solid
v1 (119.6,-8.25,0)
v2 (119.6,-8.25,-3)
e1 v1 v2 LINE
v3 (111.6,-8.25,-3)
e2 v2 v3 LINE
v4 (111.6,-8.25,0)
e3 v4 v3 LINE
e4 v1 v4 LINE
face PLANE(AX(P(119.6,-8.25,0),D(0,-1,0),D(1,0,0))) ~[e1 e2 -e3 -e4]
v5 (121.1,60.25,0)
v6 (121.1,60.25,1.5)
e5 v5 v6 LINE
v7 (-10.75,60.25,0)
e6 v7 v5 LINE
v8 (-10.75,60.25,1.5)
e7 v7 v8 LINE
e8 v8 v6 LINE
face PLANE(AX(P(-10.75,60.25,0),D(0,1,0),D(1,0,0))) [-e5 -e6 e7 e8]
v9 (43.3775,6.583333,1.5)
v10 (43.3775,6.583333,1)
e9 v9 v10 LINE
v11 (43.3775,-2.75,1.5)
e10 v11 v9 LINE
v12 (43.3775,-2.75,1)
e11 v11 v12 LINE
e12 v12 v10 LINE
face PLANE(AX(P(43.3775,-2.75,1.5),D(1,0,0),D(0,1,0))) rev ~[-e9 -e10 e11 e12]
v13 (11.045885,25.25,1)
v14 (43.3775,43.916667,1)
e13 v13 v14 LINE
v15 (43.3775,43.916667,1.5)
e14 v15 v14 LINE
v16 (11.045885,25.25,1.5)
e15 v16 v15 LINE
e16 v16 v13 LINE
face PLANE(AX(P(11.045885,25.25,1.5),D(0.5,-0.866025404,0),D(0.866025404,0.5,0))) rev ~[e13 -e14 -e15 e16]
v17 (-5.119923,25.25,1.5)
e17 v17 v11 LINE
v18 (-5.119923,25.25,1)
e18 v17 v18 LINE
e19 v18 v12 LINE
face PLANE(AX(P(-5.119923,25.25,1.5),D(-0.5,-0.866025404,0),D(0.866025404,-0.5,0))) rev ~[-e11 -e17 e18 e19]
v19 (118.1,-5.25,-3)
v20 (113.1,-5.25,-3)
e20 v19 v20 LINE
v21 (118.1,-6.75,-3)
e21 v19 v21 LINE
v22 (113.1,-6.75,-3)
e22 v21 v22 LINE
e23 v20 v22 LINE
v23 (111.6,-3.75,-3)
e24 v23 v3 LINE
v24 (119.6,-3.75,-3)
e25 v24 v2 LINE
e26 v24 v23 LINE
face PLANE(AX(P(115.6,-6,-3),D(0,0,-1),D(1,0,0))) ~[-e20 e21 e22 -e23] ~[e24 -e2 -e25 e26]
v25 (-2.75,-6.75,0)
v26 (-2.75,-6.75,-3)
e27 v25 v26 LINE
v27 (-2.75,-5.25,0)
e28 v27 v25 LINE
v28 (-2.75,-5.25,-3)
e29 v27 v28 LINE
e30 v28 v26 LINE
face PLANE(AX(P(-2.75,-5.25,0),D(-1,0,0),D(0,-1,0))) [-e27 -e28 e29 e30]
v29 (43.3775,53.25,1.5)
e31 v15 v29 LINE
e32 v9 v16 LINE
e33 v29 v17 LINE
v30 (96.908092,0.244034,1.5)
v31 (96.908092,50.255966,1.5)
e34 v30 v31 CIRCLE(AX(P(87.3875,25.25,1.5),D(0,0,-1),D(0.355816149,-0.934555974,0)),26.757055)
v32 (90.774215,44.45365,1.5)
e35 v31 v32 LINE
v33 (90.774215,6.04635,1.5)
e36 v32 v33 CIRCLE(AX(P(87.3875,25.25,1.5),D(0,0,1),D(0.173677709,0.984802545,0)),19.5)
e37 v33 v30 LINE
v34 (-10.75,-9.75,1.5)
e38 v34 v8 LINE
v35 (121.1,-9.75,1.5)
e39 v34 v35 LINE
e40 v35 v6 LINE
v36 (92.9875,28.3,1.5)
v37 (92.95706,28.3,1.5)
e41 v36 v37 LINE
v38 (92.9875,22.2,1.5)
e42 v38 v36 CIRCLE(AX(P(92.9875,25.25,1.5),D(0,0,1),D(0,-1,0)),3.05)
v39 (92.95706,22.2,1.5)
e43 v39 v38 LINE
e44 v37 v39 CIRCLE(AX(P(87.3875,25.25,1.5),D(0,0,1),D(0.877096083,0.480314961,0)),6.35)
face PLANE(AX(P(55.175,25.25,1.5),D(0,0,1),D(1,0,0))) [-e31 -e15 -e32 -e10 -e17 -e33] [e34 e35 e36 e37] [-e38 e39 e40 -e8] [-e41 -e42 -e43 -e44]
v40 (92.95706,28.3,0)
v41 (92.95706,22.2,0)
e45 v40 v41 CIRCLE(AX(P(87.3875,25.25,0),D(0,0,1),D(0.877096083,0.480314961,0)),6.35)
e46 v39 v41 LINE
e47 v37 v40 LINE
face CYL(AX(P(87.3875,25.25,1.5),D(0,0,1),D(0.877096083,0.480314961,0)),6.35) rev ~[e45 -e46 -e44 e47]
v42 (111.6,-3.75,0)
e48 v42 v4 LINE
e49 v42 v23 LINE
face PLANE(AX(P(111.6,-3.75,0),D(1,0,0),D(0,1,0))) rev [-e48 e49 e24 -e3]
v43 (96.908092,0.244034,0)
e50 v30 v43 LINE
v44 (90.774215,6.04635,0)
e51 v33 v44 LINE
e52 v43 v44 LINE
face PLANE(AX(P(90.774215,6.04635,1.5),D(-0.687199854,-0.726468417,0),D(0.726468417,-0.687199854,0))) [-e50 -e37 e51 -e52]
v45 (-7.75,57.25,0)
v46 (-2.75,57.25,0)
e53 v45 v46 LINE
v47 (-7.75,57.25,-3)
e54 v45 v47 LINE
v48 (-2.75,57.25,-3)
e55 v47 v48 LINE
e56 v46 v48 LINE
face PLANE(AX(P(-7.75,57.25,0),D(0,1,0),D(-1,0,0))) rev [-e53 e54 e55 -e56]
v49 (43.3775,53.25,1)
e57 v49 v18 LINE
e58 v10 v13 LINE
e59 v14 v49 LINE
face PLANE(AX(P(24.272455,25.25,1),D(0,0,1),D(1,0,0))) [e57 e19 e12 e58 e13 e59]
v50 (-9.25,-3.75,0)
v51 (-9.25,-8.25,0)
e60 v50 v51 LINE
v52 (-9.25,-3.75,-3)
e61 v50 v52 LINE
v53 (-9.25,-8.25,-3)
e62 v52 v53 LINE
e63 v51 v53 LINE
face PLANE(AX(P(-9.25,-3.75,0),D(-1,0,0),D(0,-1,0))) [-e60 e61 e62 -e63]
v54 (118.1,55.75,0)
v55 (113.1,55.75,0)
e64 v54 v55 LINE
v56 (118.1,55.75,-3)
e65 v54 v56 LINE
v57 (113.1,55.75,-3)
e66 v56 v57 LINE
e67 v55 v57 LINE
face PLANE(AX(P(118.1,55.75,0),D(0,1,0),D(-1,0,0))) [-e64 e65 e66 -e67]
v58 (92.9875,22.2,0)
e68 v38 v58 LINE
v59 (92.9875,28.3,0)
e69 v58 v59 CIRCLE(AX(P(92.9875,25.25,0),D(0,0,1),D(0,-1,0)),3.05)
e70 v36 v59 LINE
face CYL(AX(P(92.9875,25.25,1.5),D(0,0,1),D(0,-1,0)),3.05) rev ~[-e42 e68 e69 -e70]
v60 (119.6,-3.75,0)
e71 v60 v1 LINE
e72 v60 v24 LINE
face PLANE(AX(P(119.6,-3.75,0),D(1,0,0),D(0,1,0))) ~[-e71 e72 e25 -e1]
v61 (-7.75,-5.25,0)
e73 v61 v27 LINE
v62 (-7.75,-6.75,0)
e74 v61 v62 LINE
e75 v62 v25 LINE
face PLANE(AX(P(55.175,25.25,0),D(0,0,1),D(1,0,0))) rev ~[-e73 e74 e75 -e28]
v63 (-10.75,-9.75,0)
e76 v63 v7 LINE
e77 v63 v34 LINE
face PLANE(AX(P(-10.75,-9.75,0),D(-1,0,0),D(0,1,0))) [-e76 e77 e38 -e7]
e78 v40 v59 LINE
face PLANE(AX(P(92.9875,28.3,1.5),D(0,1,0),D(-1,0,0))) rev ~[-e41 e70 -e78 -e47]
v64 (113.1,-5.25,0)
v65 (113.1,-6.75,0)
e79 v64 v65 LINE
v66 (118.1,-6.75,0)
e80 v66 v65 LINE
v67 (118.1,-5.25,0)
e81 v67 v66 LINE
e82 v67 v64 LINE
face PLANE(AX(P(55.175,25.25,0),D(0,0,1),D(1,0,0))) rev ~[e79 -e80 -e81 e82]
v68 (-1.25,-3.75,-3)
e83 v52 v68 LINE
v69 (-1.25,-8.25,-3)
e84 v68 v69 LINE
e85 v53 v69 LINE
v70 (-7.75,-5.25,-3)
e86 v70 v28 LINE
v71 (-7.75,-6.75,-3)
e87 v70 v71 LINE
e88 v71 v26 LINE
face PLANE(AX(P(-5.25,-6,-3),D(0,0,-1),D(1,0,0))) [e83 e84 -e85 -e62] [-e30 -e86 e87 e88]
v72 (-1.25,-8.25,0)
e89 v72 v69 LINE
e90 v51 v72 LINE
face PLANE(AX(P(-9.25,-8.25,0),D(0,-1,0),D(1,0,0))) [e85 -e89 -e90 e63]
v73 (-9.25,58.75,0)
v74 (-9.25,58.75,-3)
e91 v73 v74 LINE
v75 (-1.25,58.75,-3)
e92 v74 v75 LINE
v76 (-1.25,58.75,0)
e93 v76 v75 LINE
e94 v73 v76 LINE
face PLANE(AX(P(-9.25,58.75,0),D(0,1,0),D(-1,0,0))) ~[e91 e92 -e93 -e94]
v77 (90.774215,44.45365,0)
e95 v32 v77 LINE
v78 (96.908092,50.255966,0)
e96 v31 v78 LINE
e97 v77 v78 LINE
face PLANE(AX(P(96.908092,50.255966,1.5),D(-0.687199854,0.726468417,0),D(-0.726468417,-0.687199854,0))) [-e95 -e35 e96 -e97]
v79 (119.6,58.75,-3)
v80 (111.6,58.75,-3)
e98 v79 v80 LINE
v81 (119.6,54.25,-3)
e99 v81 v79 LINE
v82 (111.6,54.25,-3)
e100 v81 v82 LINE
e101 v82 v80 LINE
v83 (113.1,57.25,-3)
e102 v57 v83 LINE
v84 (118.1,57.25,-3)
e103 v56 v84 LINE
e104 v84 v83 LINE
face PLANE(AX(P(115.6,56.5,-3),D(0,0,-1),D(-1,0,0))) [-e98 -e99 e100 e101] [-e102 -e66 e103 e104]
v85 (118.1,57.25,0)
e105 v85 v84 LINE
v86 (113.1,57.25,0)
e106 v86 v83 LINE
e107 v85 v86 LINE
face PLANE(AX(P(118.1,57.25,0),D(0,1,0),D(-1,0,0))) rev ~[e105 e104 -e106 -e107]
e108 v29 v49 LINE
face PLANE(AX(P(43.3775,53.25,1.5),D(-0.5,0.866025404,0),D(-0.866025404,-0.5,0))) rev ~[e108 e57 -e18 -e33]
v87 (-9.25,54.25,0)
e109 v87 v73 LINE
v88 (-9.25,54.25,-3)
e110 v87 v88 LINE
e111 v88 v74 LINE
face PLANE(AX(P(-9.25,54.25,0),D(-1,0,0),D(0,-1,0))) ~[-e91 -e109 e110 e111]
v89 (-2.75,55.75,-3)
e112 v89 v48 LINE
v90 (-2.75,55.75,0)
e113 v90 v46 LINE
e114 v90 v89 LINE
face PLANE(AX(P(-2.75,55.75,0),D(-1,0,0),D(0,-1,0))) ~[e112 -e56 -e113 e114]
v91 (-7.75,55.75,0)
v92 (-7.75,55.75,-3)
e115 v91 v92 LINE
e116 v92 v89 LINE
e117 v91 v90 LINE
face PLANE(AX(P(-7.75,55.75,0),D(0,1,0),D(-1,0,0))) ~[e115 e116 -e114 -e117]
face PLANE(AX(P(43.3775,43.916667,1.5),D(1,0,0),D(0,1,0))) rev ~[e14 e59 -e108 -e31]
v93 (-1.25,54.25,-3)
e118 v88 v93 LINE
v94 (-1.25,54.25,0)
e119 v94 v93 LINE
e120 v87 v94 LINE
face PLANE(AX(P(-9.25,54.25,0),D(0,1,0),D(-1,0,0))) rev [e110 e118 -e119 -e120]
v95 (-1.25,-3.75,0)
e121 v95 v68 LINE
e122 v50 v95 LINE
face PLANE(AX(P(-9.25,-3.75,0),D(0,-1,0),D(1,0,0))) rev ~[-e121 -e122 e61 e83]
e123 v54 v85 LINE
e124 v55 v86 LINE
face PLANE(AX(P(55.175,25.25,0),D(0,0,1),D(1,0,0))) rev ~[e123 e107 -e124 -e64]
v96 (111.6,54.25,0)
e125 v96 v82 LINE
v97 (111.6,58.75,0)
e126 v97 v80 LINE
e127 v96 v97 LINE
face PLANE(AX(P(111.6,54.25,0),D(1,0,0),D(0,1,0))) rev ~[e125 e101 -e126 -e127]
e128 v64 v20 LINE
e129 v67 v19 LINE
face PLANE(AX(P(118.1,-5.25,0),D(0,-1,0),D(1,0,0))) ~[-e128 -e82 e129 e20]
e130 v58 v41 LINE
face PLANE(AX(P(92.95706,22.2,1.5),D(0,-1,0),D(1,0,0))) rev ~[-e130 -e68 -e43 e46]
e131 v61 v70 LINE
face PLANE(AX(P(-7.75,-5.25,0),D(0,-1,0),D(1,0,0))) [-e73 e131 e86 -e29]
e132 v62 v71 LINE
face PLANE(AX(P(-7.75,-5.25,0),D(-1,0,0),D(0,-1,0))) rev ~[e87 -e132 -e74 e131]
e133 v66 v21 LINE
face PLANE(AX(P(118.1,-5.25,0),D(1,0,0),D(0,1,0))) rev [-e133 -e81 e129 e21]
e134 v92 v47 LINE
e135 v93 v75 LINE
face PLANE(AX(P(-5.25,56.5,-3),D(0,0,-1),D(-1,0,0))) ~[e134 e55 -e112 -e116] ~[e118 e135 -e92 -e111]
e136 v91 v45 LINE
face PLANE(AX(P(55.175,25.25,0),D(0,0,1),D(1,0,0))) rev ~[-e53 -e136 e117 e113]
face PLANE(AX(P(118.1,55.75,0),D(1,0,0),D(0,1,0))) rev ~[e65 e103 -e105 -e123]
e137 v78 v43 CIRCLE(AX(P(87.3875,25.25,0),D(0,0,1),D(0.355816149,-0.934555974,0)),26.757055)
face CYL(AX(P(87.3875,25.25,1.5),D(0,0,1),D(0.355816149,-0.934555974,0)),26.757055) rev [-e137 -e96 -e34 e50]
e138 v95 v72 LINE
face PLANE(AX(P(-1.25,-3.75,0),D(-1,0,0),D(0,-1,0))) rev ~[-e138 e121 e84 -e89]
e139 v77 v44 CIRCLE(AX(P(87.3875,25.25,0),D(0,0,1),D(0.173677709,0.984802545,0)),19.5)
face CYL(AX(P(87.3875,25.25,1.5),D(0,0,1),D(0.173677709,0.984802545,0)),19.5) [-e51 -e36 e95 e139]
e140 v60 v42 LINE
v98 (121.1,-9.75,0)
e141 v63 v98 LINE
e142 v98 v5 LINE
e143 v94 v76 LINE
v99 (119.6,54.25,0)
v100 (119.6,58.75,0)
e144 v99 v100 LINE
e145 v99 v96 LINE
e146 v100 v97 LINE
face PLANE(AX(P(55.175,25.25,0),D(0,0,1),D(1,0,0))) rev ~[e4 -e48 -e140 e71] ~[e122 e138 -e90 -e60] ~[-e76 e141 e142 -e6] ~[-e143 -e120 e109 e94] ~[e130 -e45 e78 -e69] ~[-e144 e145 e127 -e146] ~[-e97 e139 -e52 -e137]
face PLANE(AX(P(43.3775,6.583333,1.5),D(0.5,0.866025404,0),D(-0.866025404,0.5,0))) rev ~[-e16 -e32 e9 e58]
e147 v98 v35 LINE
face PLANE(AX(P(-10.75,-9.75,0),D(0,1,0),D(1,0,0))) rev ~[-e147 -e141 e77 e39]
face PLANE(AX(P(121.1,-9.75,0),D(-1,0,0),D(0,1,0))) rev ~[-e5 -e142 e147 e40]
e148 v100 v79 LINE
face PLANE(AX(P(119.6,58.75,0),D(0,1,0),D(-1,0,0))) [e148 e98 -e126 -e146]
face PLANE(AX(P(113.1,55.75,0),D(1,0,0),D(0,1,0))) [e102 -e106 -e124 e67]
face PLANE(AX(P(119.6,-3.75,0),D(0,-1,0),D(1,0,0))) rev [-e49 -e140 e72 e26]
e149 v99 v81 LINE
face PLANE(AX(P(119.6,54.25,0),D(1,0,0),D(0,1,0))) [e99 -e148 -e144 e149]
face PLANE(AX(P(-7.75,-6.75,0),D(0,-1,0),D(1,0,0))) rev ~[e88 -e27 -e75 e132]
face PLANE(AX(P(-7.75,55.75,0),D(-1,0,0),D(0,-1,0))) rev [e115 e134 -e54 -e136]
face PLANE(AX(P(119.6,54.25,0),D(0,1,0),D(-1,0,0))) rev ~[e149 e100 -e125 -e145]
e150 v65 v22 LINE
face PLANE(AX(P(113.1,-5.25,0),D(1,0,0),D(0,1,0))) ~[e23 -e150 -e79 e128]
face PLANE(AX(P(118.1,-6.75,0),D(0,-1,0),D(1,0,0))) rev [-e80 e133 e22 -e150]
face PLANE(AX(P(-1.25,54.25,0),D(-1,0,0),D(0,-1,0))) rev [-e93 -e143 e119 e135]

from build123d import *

# Parameters (mm, degrees)
SKETCH1_W                 = 131.85
SKETCH1_H                 = 70
BOSS_EXTRUDE1_DEPTH       = 1.5
CUT_EXTRUDE1_REACH        = 137.268
SKETCH4_W                 = 8
SKETCH4_H                 = 4.5
SKETCH4_W_2               = 5
SKETCH4_H_2               = 1.5
BOSS_EXTRUDE2_DEPTH       = 3
MIRROR2_COPY_1_SKETCH_W   = 8
MIRROR2_COPY_1_SKETCH_H   = 4.5
MIRROR2_COPY_1_SKETCH_W_2 = 5
MIRROR2_COPY_1_SKETCH_H_2 = 1.5
MIRROR2_COPY_1_DEPTH      = 3
CUT_EXTRUDE2_REACH        = 137.335
CUT_EXTRUDE3_DEPTH        = 0.5


with BuildPart() as part:
    # Sketch1 → Boss-Extrude1 (new body)
    with BuildSketch(Plane.XY):
        with Locations((55.175, 25.25)):
            Rectangle(SKETCH1_W, SKETCH1_H)
    extrude(amount=BOSS_EXTRUDE1_DEPTH)

    # Sketch2 → Cut-Extrude1 (cut, up to next)
    with BuildSketch(Plane.XY.offset(1.5), mode=Mode.PRIVATE) as cut_extrude1_sk1:
        with BuildLine():
            Line((92.957060126, 22.2), (92.9875, 22.2))
            ThreePointArc((92.9875, 22.2), (96.0375, 25.25), (92.9875, 28.3))
            Line((92.9875, 28.3), (92.957060126, 28.3))
            ThreePointArc((92.957060126, 28.3), (81.0375, 25.25), (92.957060126, 22.2))
        make_face()
    cut_extrude1_tool1 = extrude(cut_extrude1_sk1.sketch, amount=-CUT_EXTRUDE1_REACH, mode=Mode.PRIVATE) & part.part
    add(cut_extrude1_tool1.solids().sort_by_distance((87.98685, 25.25, 1.5))[0], mode=Mode.SUBTRACT)

    # Sketch4 → Boss-Extrude2 (add)
    with BuildSketch(Plane(origin=(0, 0, 0), x_dir=(-1, 0, 0), z_dir=(0, 0, -1))):
        with Locations((-115.6, 56.5)):
            Rectangle(SKETCH4_W, SKETCH4_H)
        with Locations((-115.6, 56.5)):
            Rectangle(SKETCH4_W_2, SKETCH4_H_2, mode=Mode.SUBTRACT)
    boss_extrude2 = extrude(amount=BOSS_EXTRUDE2_DEPTH)

    # Mirror1: Boss-Extrude2 across plane
    add(boss_extrude2.mirror(Plane.ZX.offset(25.25)))

    # Mirror2: Boss-Extrude2 across plane
    add(boss_extrude2.mirror(Plane(origin=(55.175, 0, 0), x_dir=(0, 0, 1), z_dir=(1, 0, 0))))

    # Mirror2 copy 1 sketch → Mirror2 copy 1 (add)
    with BuildSketch(Plane(origin=(110.35, 50.5, 0), x_dir=(1, 0, 0), z_dir=(0, 0, -1))):
        with Locations((-115.6, 56.5)):
            Rectangle(MIRROR2_COPY_1_SKETCH_W, MIRROR2_COPY_1_SKETCH_H)
        with Locations((-115.6, 56.5)):
            Rectangle(MIRROR2_COPY_1_SKETCH_W_2, MIRROR2_COPY_1_SKETCH_H_2, mode=Mode.SUBTRACT)
    extrude(amount=MIRROR2_COPY_1_DEPTH)

    # Sketch5 → Cut-Extrude2 (cut, up to next)
    with BuildSketch(Plane.XY.offset(1.5), mode=Mode.PRIVATE) as cut_extrude2_sk1:
        with BuildLine():
            Line((90.774215328, 6.046350365), (96.908092333, 0.244034279))
            ThreePointArc((96.908092333, 0.244034279), (60.630444856, 25.25), (96.908092333, 50.255965721))
            Line((96.908092333, 50.255965721), (90.774215328, 44.453649635))
            ThreePointArc((90.774215328, 44.453649635), (67.8875, 25.25), (90.774215328, 6.046350365))
        make_face()
    cut_extrude2_tool1 = extrude(cut_extrude2_sk1.sketch, amount=-CUT_EXTRUDE2_REACH, mode=Mode.PRIVATE) & part.part
    add(cut_extrude2_tool1.solids().sort_by_distance((61.276961, 25.25, 1.5))[0], mode=Mode.SUBTRACT)

    # Sketch6 → Cut-Extrude3 (cut)
    with BuildSketch(Plane.XY.offset(1.5)):
        Polygon((-5.119922612, 25.25), (43.3775, -2.75), (43.3775, 6.583333333), (11.045884925, 25.25), (43.3775, 43.916666667), (43.3775, 53.25), align=None)
    extrude(amount=-CUT_EXTRUDE3_DEPTH, mode=Mode.SUBTRACT)


solid = part.part
